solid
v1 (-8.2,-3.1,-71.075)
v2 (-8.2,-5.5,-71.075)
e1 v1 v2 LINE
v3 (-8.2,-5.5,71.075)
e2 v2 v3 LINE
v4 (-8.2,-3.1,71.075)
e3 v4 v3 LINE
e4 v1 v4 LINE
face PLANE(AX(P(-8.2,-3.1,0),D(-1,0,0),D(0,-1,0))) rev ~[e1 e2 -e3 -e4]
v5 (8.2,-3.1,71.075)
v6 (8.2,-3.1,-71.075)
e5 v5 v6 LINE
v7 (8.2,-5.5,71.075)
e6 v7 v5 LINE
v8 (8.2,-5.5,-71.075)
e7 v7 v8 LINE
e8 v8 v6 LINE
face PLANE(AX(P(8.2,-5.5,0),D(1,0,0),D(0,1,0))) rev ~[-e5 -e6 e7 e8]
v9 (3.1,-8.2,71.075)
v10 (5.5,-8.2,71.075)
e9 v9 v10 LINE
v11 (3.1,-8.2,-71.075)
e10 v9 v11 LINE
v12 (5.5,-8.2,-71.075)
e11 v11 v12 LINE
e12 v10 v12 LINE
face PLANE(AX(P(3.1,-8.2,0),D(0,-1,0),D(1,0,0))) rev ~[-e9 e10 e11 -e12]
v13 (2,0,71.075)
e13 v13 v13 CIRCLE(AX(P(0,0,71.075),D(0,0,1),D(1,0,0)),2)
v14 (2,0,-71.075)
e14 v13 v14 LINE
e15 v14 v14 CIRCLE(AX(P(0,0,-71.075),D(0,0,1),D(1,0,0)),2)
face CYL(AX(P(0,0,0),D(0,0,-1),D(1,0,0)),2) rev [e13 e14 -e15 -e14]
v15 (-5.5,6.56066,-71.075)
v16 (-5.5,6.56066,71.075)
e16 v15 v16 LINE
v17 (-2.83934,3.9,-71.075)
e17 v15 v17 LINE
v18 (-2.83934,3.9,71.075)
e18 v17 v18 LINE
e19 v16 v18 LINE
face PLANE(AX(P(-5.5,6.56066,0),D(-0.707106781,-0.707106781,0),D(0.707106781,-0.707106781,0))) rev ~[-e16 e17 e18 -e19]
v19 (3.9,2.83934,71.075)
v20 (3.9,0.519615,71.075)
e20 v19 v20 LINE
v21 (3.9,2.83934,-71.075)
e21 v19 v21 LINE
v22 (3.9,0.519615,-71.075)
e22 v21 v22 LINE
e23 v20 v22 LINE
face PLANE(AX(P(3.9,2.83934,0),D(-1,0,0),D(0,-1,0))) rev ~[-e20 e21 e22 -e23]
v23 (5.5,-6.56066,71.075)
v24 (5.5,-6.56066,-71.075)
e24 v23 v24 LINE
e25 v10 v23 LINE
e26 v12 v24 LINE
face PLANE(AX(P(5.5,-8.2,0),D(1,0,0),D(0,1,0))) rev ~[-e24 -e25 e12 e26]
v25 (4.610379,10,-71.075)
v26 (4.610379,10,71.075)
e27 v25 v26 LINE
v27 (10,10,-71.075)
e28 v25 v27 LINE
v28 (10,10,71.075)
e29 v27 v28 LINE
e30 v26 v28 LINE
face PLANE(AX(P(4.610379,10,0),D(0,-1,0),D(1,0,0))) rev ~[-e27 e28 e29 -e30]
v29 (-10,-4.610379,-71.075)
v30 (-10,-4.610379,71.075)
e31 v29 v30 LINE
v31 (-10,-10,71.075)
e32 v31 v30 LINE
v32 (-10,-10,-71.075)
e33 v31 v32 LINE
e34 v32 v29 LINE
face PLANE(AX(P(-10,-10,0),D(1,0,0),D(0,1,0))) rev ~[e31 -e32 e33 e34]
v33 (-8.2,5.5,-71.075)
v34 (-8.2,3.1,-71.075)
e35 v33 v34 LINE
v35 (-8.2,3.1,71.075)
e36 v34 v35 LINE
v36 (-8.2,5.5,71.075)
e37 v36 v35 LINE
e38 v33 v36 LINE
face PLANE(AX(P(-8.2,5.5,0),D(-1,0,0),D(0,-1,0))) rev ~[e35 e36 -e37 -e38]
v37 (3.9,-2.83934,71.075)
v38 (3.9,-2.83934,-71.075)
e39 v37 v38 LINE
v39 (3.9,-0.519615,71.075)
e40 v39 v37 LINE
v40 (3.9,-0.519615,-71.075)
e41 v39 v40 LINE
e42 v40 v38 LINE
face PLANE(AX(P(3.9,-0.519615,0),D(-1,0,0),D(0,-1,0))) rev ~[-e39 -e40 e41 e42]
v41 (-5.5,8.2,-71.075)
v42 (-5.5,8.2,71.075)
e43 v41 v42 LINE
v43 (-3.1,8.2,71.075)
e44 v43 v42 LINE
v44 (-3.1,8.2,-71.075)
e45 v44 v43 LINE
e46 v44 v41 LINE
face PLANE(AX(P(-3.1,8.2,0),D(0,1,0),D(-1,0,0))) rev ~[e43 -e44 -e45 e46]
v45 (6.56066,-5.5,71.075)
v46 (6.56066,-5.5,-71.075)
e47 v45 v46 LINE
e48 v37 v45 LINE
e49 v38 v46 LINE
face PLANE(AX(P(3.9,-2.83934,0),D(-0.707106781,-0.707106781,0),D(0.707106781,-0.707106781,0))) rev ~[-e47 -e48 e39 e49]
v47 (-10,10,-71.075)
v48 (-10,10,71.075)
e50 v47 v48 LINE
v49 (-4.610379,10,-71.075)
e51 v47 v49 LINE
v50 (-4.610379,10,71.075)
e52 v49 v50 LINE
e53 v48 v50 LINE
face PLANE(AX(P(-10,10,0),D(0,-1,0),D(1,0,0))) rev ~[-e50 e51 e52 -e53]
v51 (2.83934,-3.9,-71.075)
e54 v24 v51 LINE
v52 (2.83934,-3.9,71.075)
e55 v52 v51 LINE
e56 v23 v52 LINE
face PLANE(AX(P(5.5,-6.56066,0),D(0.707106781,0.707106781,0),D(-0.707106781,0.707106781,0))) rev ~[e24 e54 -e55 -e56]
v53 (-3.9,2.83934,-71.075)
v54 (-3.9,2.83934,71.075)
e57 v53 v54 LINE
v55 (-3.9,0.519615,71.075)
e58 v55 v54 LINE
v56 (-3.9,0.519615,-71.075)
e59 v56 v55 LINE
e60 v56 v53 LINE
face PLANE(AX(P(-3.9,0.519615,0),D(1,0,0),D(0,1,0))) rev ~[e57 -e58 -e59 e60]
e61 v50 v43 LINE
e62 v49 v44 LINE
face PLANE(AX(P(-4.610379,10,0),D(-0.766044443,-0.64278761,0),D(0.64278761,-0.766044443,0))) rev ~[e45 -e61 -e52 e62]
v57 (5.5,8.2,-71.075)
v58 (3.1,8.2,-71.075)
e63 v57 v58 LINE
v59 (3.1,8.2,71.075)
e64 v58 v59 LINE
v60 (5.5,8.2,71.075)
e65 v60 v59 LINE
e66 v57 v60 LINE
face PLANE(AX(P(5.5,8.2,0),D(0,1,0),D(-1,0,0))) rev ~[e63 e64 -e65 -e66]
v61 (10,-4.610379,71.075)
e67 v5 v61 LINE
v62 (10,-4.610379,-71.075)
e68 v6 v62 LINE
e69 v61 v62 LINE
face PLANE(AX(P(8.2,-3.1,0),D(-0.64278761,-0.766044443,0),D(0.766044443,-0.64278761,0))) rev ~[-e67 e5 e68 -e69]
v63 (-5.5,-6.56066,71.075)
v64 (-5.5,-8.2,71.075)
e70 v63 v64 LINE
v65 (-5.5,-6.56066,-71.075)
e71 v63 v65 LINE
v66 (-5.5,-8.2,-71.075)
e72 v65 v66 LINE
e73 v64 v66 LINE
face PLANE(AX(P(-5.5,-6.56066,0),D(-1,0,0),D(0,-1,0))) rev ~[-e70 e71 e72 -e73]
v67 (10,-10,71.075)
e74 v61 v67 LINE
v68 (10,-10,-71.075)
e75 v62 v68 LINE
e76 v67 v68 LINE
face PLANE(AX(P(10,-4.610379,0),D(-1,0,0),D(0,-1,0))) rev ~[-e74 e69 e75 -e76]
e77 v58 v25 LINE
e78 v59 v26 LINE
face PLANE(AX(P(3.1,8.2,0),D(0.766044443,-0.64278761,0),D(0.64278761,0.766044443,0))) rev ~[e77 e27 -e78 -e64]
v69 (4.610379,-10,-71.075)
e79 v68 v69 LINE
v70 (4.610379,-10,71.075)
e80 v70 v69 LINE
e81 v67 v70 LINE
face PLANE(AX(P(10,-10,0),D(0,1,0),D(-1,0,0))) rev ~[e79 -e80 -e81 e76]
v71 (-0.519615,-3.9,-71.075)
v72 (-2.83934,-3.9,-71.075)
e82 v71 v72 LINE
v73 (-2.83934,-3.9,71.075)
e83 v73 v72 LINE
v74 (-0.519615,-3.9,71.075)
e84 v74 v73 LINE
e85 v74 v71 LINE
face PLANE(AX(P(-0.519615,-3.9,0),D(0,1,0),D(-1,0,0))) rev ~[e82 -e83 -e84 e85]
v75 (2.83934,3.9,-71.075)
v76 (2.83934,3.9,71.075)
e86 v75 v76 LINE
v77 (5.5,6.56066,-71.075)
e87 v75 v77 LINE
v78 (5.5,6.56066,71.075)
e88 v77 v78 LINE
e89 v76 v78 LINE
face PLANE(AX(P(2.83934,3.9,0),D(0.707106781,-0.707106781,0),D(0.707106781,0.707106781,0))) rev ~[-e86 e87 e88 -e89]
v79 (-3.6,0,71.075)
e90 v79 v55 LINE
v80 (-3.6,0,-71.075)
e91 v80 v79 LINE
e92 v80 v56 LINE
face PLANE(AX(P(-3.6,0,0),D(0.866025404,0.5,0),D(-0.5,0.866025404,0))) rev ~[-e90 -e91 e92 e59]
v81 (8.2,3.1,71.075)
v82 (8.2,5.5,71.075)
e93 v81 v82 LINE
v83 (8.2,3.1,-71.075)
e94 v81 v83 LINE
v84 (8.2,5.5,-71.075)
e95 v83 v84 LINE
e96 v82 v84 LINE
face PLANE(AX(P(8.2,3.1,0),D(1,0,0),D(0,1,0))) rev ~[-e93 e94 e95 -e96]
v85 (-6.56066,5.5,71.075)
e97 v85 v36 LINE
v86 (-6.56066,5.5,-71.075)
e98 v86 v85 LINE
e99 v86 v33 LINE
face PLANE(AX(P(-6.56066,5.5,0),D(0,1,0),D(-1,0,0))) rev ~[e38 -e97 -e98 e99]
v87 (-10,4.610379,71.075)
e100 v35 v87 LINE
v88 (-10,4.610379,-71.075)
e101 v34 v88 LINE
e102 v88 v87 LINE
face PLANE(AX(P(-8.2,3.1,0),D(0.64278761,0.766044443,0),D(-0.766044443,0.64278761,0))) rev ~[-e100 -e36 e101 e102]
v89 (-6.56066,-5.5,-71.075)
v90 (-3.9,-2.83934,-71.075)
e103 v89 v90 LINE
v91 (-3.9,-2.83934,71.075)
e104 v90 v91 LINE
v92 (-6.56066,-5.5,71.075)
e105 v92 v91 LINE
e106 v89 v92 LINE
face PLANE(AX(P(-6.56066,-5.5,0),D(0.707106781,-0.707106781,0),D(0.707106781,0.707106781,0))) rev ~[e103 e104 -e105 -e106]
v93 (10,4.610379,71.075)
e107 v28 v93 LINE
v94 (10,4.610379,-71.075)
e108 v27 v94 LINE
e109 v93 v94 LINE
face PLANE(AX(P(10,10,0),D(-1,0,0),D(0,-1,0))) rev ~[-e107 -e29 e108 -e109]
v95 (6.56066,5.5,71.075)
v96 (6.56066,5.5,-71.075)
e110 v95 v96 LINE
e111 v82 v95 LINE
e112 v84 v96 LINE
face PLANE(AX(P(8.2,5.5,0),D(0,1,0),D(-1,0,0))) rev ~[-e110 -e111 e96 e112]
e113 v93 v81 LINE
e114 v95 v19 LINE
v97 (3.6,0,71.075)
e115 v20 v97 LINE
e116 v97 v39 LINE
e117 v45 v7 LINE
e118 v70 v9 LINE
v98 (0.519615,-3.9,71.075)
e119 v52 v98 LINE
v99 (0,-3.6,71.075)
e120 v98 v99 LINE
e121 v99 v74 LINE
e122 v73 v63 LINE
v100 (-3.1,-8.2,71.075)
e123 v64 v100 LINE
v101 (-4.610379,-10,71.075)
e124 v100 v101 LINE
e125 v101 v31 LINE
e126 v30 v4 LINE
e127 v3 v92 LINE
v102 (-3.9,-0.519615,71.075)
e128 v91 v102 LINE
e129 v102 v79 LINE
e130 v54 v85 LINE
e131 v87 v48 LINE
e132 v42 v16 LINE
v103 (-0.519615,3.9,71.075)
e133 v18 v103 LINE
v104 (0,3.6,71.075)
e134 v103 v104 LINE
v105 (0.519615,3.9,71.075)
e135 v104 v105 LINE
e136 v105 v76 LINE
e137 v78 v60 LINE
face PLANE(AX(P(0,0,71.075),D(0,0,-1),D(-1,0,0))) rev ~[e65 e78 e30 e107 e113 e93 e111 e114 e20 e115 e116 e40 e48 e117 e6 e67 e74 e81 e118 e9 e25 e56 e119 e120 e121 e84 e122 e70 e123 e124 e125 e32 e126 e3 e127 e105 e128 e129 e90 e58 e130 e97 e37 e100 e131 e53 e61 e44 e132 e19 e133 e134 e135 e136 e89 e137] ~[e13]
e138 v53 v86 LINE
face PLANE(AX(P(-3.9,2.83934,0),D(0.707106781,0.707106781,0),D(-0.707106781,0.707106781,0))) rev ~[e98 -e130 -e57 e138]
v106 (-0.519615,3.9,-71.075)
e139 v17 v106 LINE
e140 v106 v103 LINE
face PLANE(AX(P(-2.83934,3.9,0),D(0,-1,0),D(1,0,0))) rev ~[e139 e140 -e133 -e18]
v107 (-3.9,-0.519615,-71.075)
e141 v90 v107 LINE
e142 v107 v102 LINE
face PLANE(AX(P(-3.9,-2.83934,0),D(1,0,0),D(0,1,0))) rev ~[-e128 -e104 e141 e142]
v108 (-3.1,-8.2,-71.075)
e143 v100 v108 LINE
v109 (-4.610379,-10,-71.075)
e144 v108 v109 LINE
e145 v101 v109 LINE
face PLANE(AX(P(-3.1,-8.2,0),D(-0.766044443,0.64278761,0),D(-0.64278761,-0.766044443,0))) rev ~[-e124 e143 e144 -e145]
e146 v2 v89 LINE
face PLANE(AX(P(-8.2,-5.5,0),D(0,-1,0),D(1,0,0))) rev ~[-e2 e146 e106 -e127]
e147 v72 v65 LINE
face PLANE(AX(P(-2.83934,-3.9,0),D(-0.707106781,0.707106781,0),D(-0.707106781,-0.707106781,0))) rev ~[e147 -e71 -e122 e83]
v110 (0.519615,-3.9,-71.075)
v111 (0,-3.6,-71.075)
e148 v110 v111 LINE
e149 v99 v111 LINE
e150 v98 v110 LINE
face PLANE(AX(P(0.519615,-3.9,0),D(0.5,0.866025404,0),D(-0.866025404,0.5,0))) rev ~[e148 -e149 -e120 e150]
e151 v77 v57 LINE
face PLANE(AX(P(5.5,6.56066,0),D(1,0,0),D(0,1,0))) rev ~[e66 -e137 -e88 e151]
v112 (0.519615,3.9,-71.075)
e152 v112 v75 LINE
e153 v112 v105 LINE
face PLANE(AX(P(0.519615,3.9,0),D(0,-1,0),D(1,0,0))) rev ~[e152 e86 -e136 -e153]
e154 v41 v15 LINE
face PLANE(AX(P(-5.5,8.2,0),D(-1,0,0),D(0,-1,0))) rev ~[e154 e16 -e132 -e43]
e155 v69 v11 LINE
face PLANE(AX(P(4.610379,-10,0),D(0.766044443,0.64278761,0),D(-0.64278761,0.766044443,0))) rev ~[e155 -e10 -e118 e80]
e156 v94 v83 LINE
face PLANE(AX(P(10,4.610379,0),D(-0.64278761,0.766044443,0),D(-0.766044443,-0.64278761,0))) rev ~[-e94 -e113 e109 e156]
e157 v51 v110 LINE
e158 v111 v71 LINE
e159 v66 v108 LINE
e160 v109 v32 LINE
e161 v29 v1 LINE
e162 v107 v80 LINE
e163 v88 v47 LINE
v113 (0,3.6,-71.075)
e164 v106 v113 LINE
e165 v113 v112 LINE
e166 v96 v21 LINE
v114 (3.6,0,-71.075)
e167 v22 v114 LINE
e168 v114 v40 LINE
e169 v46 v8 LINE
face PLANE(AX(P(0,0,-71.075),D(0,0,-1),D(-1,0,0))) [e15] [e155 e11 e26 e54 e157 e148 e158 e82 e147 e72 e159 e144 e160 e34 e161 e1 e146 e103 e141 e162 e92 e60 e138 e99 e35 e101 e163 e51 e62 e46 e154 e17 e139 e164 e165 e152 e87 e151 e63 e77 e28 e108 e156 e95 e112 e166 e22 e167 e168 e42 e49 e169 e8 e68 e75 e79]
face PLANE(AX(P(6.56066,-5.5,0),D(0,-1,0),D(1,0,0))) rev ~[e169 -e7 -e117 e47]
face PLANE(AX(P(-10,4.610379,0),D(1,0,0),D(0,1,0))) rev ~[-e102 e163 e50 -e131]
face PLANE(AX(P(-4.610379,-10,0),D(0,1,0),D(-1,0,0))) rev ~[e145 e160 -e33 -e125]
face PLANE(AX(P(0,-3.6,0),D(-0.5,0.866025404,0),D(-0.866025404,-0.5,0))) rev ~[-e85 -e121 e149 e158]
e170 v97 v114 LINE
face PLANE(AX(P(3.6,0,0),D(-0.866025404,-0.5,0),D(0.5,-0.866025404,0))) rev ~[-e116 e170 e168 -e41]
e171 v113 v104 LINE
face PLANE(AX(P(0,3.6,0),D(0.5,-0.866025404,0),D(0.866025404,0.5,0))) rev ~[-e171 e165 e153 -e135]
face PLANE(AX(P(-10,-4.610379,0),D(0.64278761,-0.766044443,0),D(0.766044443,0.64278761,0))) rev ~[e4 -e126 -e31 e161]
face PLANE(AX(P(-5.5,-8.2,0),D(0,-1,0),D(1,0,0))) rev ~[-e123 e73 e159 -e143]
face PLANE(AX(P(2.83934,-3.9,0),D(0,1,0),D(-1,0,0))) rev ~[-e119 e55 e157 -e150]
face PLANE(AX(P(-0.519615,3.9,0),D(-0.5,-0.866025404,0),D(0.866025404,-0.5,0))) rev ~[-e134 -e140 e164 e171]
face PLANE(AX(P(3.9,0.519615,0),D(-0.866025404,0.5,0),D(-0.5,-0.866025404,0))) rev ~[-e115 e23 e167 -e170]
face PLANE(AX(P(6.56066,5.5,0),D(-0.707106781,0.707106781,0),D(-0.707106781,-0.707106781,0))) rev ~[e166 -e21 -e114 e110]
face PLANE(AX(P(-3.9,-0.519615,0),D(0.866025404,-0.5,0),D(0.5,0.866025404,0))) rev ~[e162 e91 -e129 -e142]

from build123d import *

# Parameters (mm, degrees)
SKETCH1_R           = 2
BOSS_EXTRUDE1_DEPTH = 71.075


with BuildPart() as part:
    # Sketch1 → Boss-Extrude1 (new body, symmetric)
    with BuildSketch(Plane.XY):
        Polygon((10, 10), (10, 4.610379336), (8.2, 3.1), (8.2, 5.5), (6.560660172, 5.5), (3.9, 2.839339828), (3.9, 0.519615242), (3.6, 0), (3.9, -0.519615242), (3.9, -2.839339828), (6.560660172, -5.5), (8.2, -5.5), (8.2, -3.1), (10, -4.610379336), (10, -10), (4.610379336, -10), (3.1, -8.2), (5.5, -8.2), (5.5, -6.560660172), (2.839339828, -3.9), (0.519615242, -3.9), (0, -3.6), (-0.519615242, -3.9), (-2.839339828, -3.9), (-5.5, -6.560660172), (-5.5, -8.2), (-3.1, -8.2), (-4.610379336, -10), (-10, -10), (-10, -4.610379336), (-8.2, -3.1), (-8.2, -5.5), (-6.560660172, -5.5), (-3.9, -2.839339828), (-3.9, -0.519615242), (-3.6, 0), (-3.9, 0.519615242), (-3.9, 2.839339828), (-6.560660172, 5.5), (-8.2, 5.5), (-8.2, 3.1), (-10, 4.610379336), (-10, 10), (-4.610379336, 10), (-3.1, 8.2), (-5.5, 8.2), (-5.5, 6.560660172), (-2.839339828, 3.9), (-0.519615242, 3.9), (0, 3.6), (0.519615242, 3.9), (2.839339828, 3.9), (5.5, 6.560660172), (5.5, 8.2), (3.1, 8.2), (4.610379336, 10), align=None)
        Circle(SKETCH1_R, mode=Mode.SUBTRACT)
    extrude(amount=BOSS_EXTRUDE1_DEPTH, both=True)


solid = part.part
